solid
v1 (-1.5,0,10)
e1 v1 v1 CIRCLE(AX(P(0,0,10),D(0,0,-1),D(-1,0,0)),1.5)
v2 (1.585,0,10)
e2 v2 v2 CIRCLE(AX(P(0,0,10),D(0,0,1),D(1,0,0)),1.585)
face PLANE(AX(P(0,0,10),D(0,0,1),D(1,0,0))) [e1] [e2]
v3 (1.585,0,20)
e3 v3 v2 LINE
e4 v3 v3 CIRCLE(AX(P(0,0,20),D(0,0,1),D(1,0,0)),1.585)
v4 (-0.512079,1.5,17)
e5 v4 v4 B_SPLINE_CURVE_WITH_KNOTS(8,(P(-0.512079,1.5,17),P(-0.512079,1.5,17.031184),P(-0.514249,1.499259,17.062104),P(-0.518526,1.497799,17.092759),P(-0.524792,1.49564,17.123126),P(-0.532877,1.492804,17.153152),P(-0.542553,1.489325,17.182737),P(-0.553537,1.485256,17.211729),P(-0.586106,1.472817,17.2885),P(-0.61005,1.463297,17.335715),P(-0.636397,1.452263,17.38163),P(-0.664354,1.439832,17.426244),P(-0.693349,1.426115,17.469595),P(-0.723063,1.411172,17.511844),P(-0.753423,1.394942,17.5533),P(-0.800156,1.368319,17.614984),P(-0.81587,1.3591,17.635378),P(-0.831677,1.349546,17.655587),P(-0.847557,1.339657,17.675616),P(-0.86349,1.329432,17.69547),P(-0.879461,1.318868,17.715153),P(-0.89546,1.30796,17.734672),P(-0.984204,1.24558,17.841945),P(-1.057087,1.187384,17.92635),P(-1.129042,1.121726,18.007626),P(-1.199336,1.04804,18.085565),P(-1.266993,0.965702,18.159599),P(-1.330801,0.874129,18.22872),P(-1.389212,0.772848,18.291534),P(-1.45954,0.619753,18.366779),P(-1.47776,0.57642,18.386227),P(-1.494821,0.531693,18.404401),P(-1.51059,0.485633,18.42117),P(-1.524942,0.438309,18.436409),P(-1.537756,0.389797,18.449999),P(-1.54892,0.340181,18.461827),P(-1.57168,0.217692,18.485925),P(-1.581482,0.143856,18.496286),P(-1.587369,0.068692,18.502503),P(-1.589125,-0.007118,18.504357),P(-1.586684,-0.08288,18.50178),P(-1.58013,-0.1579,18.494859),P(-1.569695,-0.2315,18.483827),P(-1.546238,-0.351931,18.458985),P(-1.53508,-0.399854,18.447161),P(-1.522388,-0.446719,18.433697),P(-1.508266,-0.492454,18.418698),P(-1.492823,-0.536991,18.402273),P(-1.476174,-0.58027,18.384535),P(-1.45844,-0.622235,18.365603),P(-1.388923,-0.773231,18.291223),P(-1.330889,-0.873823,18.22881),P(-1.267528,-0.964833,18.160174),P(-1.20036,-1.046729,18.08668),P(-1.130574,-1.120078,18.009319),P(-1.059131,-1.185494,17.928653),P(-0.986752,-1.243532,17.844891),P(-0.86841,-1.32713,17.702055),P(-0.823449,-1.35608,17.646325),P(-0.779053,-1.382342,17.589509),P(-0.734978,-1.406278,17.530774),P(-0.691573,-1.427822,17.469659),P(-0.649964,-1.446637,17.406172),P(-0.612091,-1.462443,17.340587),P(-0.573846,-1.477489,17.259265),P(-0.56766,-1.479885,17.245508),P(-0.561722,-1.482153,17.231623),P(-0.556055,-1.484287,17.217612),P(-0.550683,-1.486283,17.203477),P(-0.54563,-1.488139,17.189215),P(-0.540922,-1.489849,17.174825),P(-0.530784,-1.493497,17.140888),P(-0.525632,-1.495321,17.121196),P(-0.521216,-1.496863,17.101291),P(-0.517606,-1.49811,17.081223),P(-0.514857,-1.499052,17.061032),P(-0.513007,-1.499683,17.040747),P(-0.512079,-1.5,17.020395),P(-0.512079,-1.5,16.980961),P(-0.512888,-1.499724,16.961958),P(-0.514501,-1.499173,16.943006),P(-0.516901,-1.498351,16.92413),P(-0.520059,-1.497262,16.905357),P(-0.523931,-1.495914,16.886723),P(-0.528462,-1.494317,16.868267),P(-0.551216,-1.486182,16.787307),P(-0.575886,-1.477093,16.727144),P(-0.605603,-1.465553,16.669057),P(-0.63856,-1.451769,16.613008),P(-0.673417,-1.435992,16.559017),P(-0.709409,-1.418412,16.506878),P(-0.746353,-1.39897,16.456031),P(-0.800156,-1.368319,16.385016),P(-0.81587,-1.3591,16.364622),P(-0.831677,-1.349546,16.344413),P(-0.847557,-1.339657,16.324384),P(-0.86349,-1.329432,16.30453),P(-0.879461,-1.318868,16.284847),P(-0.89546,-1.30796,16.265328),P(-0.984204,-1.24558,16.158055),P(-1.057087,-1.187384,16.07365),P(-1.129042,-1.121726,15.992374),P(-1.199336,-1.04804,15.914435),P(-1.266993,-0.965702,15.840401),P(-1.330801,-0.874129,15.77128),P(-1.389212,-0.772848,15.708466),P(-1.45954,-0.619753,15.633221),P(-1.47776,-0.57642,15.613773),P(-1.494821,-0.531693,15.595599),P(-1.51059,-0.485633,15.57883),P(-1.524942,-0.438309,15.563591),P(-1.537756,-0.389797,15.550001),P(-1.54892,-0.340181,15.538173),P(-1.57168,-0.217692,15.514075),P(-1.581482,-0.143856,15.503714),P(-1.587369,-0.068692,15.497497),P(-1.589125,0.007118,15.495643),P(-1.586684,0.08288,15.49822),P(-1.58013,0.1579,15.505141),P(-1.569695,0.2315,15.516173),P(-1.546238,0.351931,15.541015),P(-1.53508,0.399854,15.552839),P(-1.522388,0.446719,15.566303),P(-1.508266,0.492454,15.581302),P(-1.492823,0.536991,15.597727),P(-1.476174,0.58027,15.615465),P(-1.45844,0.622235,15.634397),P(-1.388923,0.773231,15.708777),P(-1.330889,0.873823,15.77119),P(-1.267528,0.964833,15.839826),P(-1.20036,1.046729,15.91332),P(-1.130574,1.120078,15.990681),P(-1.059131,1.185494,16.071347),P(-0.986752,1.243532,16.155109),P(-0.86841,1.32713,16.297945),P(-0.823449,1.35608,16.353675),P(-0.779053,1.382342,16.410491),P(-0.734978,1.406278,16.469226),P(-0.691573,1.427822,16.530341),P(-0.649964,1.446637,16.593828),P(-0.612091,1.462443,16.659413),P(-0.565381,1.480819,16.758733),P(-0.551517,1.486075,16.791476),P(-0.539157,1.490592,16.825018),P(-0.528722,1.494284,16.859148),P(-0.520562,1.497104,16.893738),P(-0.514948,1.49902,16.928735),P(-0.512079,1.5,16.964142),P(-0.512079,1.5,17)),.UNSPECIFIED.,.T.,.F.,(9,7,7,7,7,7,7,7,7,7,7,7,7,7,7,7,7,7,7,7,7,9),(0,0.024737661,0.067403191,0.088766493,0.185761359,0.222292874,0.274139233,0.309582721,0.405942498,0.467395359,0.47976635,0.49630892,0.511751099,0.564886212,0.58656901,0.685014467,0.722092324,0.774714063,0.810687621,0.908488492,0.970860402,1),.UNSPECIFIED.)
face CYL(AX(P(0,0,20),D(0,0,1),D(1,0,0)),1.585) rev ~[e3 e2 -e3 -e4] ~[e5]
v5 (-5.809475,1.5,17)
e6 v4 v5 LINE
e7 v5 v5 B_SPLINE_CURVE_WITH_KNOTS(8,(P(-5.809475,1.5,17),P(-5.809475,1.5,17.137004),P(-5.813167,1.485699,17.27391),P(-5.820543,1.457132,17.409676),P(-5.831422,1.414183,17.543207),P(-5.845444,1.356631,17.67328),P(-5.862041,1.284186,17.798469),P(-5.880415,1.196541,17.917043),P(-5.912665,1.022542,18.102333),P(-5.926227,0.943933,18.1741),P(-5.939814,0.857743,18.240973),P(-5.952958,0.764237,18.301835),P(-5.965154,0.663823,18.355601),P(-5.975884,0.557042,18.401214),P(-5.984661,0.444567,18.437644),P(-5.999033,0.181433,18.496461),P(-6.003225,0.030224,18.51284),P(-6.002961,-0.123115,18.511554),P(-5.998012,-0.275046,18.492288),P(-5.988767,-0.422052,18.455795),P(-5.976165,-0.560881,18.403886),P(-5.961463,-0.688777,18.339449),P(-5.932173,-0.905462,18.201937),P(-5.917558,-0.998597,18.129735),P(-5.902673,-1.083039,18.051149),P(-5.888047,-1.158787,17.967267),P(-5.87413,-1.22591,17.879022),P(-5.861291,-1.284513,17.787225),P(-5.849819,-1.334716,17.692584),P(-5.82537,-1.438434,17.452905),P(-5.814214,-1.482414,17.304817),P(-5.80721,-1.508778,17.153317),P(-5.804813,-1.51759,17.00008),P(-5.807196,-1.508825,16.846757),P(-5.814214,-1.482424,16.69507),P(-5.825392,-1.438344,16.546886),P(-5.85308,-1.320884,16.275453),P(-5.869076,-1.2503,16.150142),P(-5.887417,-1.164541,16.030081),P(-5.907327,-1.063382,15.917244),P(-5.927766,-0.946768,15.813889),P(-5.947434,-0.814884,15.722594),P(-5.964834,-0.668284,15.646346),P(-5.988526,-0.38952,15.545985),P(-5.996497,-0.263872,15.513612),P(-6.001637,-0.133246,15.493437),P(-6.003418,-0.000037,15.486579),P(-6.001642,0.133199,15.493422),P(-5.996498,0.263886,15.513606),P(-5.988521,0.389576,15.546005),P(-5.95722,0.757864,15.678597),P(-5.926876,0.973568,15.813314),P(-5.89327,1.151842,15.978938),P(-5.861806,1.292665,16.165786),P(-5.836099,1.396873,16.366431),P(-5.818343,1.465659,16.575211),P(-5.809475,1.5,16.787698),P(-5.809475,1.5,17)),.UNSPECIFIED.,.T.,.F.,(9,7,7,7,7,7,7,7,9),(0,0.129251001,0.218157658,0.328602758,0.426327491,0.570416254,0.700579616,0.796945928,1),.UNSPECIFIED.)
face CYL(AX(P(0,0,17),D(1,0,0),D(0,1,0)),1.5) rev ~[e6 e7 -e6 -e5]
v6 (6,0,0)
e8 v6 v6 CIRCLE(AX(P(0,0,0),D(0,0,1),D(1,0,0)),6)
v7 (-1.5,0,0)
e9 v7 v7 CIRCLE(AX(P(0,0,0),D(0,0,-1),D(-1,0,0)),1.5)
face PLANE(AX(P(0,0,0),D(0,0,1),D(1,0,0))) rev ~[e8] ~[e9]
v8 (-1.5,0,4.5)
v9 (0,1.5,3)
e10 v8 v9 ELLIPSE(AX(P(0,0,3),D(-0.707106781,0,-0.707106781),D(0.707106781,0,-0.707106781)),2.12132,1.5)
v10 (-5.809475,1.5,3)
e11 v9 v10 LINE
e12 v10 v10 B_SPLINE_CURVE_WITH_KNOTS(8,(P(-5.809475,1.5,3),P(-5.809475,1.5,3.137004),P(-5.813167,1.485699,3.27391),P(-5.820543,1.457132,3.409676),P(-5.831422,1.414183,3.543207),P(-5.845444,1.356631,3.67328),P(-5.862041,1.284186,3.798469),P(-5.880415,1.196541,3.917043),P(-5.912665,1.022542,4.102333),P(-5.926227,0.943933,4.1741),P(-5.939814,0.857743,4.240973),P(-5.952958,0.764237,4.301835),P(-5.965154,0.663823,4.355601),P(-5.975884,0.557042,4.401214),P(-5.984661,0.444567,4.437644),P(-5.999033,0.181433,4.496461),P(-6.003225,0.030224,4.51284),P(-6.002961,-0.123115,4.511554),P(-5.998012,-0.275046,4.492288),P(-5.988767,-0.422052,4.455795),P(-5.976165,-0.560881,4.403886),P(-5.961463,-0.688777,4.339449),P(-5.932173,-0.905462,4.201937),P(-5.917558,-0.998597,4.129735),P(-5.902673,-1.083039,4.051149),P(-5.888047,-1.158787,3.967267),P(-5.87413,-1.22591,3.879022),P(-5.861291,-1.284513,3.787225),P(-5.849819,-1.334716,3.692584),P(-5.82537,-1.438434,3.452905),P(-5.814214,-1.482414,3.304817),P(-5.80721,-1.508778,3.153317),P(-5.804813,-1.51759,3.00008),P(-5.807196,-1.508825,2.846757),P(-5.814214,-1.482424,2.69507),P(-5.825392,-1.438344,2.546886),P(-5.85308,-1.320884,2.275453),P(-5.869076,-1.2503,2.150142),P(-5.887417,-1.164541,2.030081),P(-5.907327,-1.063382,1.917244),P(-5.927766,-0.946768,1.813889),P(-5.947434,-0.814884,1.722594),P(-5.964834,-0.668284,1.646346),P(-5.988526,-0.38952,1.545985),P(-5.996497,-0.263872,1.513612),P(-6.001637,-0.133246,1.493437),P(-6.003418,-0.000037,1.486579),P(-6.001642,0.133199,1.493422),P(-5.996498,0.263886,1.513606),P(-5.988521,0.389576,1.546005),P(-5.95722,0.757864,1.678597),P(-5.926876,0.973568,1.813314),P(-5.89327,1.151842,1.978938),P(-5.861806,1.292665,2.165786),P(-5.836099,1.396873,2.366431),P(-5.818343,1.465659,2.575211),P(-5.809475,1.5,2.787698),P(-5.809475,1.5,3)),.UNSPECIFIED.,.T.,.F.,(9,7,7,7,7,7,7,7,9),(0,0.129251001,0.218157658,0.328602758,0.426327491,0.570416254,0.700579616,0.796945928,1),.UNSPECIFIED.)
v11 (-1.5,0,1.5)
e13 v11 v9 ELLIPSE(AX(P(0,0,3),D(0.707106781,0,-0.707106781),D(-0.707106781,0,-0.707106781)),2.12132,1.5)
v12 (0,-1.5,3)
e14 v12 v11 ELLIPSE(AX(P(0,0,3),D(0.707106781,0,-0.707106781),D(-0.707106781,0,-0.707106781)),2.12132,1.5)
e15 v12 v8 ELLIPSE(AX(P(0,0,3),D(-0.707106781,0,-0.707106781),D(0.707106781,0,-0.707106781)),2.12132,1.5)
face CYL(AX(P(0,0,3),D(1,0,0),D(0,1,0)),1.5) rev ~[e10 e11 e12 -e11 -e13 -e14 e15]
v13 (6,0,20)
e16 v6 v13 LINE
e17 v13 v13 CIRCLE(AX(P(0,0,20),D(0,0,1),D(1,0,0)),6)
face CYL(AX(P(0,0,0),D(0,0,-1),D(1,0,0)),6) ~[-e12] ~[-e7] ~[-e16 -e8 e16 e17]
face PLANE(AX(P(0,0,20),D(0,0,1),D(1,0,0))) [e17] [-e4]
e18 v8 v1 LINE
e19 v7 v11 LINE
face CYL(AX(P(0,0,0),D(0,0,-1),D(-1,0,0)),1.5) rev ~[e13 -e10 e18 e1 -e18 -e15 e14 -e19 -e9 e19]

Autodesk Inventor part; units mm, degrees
ref_plane "YZ Plane" through (0, 0, 0) normal (1, 0, 0) x (0, 1, 0)
ref_plane "XZ Plane" through (0, 0, 0) normal (0, 1, 0) x (-1, 0, 0)
ref_plane "XY Plane" through (0, 0, 0) normal (0, 0, 1) x (1, 0, 0)
sketch "Sketch1" plane through (0, 0, 0) normal (0, 0, 1) x (1, 0, 0)
  circle A0 centre (0, 0) radius 6
  dimension "d0" = 12
extrude "Extrusion1" add sketch "Sketch1" along normal blind 20
sketch "Sketch2" plane through (0, 0, 20) normal (0, 0, 1) x (1, 0, 0)
  circle A0 centre (0, 0) radius 1.585
  dimension "d3" = 3.17
extrude "Extrusion2" cut sketch "Sketch2" against normal blind 10
sketch "Sketch3" plane through (0, 0, 0) normal (0, 0, -1) x (-1, 0, 0)
  circle A0 centre (0, 0) radius 1.5
  dimension "d6" = 3
extrude "Extrusion3" cut sketch "Sketch3" against normal blind 10
sketch "Sketch4" plane through (0, 0, 0) normal (1, 0, 0) x (0, 1, 0)
  circle A0 centre (0, 17) radius 1.5
  circle A1 centre (0, 3) radius 1.5
  line L0 (6, 20) -> (-6, 20) projected
  point P0 (0, 0)
  dimension "d9" = 3
  dimension "d10" = 3
  dimension "d11" = 3
extrude "Extrusion4" cut sketch "Sketch4" against normal through all
equation "\"d11\" = d10"
properties part number "3mm_.125inch_ShaftCoupler" material "Aluminum 6061"
